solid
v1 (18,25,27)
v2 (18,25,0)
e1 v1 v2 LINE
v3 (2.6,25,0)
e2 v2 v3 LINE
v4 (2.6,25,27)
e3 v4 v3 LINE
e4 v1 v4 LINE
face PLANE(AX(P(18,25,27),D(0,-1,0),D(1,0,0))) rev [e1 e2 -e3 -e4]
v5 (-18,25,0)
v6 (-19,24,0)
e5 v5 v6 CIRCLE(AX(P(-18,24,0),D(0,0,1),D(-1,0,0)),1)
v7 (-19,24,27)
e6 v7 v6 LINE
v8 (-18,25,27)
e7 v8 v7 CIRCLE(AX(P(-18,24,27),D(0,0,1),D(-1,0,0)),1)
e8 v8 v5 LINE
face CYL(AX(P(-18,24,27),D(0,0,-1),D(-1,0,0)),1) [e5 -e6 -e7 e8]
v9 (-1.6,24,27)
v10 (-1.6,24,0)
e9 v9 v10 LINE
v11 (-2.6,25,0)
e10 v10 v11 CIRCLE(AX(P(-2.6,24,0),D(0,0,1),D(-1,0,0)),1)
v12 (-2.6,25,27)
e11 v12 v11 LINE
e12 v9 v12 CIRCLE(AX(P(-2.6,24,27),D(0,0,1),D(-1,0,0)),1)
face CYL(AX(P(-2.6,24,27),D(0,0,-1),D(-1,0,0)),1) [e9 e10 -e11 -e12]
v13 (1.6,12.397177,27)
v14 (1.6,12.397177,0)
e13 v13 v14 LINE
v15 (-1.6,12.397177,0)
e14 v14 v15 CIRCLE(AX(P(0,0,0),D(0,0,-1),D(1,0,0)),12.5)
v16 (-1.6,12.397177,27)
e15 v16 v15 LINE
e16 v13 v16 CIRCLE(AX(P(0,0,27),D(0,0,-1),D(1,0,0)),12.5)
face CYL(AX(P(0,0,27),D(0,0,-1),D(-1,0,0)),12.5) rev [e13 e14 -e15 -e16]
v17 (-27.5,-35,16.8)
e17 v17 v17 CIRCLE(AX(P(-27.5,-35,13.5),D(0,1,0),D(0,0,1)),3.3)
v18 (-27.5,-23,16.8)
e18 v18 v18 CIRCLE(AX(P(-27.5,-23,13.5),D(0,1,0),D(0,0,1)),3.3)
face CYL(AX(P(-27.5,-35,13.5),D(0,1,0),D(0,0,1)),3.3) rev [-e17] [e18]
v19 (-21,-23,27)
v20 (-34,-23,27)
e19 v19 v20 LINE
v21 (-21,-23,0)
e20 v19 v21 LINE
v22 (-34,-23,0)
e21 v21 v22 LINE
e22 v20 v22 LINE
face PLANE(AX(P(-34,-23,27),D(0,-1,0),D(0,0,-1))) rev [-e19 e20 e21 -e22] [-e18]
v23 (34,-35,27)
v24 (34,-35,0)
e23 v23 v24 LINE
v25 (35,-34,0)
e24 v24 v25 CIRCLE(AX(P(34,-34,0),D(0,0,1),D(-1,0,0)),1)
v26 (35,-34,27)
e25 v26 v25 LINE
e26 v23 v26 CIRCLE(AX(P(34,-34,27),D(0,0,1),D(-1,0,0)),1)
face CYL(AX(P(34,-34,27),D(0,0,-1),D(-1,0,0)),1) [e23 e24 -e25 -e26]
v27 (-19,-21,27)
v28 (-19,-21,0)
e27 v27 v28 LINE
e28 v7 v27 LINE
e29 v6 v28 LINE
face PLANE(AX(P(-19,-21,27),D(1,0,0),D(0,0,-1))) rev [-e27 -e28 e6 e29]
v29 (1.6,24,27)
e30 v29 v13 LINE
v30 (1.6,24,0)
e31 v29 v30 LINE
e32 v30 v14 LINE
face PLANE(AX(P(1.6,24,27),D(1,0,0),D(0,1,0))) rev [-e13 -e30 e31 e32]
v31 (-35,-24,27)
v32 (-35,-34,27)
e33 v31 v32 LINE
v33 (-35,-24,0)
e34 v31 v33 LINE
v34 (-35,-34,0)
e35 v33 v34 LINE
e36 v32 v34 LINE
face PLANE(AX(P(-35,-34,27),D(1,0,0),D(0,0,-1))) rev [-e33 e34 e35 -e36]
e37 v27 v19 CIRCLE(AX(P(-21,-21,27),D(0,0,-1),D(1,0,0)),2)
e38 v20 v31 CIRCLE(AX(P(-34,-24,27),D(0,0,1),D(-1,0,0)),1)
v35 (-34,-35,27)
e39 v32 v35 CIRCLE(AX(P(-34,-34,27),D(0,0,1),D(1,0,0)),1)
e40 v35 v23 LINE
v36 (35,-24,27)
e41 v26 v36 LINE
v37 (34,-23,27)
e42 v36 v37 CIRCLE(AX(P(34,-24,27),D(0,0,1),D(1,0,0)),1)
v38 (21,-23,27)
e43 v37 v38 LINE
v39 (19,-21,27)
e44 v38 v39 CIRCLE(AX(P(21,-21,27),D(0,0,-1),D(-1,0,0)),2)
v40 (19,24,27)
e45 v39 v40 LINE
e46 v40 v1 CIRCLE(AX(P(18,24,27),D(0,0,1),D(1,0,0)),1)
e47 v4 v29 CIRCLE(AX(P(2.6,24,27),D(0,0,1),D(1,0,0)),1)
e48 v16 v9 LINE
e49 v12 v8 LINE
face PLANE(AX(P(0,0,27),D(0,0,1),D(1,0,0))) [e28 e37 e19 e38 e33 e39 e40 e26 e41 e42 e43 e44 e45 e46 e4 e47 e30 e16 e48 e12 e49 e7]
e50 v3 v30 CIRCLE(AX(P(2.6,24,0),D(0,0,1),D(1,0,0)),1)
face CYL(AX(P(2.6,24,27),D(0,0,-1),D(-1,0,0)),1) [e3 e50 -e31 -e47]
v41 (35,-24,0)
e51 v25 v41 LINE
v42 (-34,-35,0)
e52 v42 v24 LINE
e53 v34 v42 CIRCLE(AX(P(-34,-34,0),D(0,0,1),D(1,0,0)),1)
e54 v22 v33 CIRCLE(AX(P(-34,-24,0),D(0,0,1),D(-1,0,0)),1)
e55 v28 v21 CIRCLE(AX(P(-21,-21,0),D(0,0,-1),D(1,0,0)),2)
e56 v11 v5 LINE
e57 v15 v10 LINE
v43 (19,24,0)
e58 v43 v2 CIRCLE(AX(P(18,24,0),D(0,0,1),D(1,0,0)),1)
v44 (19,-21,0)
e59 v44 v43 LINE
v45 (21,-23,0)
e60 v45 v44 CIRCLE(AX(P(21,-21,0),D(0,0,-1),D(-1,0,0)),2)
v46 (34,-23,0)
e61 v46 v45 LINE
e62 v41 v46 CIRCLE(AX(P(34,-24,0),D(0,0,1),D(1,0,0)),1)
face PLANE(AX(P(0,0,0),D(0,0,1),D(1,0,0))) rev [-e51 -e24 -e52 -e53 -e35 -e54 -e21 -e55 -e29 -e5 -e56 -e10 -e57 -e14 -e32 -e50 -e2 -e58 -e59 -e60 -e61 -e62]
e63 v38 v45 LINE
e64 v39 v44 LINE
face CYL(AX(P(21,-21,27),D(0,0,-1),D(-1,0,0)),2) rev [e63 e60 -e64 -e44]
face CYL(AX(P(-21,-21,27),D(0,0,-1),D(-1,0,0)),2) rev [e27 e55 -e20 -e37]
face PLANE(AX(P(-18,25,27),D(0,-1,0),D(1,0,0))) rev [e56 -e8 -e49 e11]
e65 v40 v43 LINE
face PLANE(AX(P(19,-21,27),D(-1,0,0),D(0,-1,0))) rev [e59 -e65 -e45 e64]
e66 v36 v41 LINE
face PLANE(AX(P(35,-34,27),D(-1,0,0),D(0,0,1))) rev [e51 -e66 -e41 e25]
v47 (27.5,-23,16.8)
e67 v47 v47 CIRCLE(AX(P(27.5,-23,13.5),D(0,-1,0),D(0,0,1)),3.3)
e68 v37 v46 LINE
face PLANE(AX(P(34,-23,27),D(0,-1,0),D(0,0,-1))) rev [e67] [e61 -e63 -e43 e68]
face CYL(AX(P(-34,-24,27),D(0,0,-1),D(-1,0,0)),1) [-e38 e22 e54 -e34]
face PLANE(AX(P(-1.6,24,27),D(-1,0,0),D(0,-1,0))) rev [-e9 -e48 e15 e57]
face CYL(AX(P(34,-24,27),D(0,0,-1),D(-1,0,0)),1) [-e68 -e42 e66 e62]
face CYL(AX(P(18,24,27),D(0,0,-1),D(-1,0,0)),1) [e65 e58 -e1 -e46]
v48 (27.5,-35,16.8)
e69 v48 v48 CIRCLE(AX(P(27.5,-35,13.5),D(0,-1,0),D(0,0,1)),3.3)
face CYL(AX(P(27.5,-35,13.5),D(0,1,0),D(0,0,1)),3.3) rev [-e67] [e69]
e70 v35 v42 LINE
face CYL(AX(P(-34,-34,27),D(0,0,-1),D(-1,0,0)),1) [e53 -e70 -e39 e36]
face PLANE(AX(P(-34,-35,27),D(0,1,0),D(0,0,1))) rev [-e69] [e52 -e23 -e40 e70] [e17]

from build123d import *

# Parameters (mm, degrees)
BOSS_EXTRUDE1_DEPTH = 27
SKETCH2_R           = 3.3
CUT_EXTRUDE1_DEPTH  = 66.253352404


with BuildPart() as part:
    # Sketch1 → Boss-Extrude1 (new body)
    with BuildSketch(Plane.XY):
        with BuildLine():
            Line((-35, -34), (-35, -24))
            ThreePointArc((-35, -24), (-34.707106781, -23.292893219), (-34, -23))
            Line((-34, -23), (-21, -23))
            ThreePointArc((-21, -23), (-19.585786438, -22.414213562), (-19, -21))
            Line((-19, -21), (-19, 24))
            ThreePointArc((-19, 24), (-18.707106781, 24.707106781), (-18, 25))
            Line((-18, 25), (-2.6, 25))
            ThreePointArc((-2.6, 25), (-1.892893219, 24.707106781), (-1.6, 24))
            Line((-1.6, 24), (-1.6, 12.397177098))
            ThreePointArc((-1.6, 12.397177098), (0, -12.5), (1.6, 12.397177098))
            Line((1.6, 12.397177098), (1.6, 24))
            ThreePointArc((1.6, 24), (1.892893219, 24.707106781), (2.6, 25))
            Line((2.6, 25), (18, 25))
            ThreePointArc((18, 25), (18.707106781, 24.707106781), (19, 24))
            Line((19, 24), (19, -21))
            ThreePointArc((19, -21), (19.585786438, -22.414213562), (21, -23))
            Line((21, -23), (34, -23))
            ThreePointArc((34, -23), (34.707106781, -23.292893219), (35, -24))
            Line((35, -24), (35, -34))
            ThreePointArc((35, -34), (34.707106781, -34.707106781), (34, -35))
            Line((34, -35), (-34, -35))
            ThreePointArc((-34, -35), (-34.707106781, -34.707106781), (-35, -34))
        make_face()
    extrude(amount=BOSS_EXTRUDE1_DEPTH)

    # Sketch2 → Cut-Extrude1 (cut, through all)
    with BuildSketch(Plane(origin=(0, -23, 0), x_dir=(1, 0, 0), z_dir=(0, 1, 0))):
        with Locations(Location((-27.5, -13.5, 0), (0, 0, 270))):
            Circle(SKETCH2_R)
    cut_extrude1 = extrude(amount=-CUT_EXTRUDE1_DEPTH, mode=Mode.SUBTRACT)

    # Mirror1: Cut-Extrude1 across plane
    add(cut_extrude1.mirror(Plane(origin=(0, 0, 0), x_dir=(0, 0, 1), z_dir=(1, 0, 0))), mode=Mode.SUBTRACT)


solid = part.part
